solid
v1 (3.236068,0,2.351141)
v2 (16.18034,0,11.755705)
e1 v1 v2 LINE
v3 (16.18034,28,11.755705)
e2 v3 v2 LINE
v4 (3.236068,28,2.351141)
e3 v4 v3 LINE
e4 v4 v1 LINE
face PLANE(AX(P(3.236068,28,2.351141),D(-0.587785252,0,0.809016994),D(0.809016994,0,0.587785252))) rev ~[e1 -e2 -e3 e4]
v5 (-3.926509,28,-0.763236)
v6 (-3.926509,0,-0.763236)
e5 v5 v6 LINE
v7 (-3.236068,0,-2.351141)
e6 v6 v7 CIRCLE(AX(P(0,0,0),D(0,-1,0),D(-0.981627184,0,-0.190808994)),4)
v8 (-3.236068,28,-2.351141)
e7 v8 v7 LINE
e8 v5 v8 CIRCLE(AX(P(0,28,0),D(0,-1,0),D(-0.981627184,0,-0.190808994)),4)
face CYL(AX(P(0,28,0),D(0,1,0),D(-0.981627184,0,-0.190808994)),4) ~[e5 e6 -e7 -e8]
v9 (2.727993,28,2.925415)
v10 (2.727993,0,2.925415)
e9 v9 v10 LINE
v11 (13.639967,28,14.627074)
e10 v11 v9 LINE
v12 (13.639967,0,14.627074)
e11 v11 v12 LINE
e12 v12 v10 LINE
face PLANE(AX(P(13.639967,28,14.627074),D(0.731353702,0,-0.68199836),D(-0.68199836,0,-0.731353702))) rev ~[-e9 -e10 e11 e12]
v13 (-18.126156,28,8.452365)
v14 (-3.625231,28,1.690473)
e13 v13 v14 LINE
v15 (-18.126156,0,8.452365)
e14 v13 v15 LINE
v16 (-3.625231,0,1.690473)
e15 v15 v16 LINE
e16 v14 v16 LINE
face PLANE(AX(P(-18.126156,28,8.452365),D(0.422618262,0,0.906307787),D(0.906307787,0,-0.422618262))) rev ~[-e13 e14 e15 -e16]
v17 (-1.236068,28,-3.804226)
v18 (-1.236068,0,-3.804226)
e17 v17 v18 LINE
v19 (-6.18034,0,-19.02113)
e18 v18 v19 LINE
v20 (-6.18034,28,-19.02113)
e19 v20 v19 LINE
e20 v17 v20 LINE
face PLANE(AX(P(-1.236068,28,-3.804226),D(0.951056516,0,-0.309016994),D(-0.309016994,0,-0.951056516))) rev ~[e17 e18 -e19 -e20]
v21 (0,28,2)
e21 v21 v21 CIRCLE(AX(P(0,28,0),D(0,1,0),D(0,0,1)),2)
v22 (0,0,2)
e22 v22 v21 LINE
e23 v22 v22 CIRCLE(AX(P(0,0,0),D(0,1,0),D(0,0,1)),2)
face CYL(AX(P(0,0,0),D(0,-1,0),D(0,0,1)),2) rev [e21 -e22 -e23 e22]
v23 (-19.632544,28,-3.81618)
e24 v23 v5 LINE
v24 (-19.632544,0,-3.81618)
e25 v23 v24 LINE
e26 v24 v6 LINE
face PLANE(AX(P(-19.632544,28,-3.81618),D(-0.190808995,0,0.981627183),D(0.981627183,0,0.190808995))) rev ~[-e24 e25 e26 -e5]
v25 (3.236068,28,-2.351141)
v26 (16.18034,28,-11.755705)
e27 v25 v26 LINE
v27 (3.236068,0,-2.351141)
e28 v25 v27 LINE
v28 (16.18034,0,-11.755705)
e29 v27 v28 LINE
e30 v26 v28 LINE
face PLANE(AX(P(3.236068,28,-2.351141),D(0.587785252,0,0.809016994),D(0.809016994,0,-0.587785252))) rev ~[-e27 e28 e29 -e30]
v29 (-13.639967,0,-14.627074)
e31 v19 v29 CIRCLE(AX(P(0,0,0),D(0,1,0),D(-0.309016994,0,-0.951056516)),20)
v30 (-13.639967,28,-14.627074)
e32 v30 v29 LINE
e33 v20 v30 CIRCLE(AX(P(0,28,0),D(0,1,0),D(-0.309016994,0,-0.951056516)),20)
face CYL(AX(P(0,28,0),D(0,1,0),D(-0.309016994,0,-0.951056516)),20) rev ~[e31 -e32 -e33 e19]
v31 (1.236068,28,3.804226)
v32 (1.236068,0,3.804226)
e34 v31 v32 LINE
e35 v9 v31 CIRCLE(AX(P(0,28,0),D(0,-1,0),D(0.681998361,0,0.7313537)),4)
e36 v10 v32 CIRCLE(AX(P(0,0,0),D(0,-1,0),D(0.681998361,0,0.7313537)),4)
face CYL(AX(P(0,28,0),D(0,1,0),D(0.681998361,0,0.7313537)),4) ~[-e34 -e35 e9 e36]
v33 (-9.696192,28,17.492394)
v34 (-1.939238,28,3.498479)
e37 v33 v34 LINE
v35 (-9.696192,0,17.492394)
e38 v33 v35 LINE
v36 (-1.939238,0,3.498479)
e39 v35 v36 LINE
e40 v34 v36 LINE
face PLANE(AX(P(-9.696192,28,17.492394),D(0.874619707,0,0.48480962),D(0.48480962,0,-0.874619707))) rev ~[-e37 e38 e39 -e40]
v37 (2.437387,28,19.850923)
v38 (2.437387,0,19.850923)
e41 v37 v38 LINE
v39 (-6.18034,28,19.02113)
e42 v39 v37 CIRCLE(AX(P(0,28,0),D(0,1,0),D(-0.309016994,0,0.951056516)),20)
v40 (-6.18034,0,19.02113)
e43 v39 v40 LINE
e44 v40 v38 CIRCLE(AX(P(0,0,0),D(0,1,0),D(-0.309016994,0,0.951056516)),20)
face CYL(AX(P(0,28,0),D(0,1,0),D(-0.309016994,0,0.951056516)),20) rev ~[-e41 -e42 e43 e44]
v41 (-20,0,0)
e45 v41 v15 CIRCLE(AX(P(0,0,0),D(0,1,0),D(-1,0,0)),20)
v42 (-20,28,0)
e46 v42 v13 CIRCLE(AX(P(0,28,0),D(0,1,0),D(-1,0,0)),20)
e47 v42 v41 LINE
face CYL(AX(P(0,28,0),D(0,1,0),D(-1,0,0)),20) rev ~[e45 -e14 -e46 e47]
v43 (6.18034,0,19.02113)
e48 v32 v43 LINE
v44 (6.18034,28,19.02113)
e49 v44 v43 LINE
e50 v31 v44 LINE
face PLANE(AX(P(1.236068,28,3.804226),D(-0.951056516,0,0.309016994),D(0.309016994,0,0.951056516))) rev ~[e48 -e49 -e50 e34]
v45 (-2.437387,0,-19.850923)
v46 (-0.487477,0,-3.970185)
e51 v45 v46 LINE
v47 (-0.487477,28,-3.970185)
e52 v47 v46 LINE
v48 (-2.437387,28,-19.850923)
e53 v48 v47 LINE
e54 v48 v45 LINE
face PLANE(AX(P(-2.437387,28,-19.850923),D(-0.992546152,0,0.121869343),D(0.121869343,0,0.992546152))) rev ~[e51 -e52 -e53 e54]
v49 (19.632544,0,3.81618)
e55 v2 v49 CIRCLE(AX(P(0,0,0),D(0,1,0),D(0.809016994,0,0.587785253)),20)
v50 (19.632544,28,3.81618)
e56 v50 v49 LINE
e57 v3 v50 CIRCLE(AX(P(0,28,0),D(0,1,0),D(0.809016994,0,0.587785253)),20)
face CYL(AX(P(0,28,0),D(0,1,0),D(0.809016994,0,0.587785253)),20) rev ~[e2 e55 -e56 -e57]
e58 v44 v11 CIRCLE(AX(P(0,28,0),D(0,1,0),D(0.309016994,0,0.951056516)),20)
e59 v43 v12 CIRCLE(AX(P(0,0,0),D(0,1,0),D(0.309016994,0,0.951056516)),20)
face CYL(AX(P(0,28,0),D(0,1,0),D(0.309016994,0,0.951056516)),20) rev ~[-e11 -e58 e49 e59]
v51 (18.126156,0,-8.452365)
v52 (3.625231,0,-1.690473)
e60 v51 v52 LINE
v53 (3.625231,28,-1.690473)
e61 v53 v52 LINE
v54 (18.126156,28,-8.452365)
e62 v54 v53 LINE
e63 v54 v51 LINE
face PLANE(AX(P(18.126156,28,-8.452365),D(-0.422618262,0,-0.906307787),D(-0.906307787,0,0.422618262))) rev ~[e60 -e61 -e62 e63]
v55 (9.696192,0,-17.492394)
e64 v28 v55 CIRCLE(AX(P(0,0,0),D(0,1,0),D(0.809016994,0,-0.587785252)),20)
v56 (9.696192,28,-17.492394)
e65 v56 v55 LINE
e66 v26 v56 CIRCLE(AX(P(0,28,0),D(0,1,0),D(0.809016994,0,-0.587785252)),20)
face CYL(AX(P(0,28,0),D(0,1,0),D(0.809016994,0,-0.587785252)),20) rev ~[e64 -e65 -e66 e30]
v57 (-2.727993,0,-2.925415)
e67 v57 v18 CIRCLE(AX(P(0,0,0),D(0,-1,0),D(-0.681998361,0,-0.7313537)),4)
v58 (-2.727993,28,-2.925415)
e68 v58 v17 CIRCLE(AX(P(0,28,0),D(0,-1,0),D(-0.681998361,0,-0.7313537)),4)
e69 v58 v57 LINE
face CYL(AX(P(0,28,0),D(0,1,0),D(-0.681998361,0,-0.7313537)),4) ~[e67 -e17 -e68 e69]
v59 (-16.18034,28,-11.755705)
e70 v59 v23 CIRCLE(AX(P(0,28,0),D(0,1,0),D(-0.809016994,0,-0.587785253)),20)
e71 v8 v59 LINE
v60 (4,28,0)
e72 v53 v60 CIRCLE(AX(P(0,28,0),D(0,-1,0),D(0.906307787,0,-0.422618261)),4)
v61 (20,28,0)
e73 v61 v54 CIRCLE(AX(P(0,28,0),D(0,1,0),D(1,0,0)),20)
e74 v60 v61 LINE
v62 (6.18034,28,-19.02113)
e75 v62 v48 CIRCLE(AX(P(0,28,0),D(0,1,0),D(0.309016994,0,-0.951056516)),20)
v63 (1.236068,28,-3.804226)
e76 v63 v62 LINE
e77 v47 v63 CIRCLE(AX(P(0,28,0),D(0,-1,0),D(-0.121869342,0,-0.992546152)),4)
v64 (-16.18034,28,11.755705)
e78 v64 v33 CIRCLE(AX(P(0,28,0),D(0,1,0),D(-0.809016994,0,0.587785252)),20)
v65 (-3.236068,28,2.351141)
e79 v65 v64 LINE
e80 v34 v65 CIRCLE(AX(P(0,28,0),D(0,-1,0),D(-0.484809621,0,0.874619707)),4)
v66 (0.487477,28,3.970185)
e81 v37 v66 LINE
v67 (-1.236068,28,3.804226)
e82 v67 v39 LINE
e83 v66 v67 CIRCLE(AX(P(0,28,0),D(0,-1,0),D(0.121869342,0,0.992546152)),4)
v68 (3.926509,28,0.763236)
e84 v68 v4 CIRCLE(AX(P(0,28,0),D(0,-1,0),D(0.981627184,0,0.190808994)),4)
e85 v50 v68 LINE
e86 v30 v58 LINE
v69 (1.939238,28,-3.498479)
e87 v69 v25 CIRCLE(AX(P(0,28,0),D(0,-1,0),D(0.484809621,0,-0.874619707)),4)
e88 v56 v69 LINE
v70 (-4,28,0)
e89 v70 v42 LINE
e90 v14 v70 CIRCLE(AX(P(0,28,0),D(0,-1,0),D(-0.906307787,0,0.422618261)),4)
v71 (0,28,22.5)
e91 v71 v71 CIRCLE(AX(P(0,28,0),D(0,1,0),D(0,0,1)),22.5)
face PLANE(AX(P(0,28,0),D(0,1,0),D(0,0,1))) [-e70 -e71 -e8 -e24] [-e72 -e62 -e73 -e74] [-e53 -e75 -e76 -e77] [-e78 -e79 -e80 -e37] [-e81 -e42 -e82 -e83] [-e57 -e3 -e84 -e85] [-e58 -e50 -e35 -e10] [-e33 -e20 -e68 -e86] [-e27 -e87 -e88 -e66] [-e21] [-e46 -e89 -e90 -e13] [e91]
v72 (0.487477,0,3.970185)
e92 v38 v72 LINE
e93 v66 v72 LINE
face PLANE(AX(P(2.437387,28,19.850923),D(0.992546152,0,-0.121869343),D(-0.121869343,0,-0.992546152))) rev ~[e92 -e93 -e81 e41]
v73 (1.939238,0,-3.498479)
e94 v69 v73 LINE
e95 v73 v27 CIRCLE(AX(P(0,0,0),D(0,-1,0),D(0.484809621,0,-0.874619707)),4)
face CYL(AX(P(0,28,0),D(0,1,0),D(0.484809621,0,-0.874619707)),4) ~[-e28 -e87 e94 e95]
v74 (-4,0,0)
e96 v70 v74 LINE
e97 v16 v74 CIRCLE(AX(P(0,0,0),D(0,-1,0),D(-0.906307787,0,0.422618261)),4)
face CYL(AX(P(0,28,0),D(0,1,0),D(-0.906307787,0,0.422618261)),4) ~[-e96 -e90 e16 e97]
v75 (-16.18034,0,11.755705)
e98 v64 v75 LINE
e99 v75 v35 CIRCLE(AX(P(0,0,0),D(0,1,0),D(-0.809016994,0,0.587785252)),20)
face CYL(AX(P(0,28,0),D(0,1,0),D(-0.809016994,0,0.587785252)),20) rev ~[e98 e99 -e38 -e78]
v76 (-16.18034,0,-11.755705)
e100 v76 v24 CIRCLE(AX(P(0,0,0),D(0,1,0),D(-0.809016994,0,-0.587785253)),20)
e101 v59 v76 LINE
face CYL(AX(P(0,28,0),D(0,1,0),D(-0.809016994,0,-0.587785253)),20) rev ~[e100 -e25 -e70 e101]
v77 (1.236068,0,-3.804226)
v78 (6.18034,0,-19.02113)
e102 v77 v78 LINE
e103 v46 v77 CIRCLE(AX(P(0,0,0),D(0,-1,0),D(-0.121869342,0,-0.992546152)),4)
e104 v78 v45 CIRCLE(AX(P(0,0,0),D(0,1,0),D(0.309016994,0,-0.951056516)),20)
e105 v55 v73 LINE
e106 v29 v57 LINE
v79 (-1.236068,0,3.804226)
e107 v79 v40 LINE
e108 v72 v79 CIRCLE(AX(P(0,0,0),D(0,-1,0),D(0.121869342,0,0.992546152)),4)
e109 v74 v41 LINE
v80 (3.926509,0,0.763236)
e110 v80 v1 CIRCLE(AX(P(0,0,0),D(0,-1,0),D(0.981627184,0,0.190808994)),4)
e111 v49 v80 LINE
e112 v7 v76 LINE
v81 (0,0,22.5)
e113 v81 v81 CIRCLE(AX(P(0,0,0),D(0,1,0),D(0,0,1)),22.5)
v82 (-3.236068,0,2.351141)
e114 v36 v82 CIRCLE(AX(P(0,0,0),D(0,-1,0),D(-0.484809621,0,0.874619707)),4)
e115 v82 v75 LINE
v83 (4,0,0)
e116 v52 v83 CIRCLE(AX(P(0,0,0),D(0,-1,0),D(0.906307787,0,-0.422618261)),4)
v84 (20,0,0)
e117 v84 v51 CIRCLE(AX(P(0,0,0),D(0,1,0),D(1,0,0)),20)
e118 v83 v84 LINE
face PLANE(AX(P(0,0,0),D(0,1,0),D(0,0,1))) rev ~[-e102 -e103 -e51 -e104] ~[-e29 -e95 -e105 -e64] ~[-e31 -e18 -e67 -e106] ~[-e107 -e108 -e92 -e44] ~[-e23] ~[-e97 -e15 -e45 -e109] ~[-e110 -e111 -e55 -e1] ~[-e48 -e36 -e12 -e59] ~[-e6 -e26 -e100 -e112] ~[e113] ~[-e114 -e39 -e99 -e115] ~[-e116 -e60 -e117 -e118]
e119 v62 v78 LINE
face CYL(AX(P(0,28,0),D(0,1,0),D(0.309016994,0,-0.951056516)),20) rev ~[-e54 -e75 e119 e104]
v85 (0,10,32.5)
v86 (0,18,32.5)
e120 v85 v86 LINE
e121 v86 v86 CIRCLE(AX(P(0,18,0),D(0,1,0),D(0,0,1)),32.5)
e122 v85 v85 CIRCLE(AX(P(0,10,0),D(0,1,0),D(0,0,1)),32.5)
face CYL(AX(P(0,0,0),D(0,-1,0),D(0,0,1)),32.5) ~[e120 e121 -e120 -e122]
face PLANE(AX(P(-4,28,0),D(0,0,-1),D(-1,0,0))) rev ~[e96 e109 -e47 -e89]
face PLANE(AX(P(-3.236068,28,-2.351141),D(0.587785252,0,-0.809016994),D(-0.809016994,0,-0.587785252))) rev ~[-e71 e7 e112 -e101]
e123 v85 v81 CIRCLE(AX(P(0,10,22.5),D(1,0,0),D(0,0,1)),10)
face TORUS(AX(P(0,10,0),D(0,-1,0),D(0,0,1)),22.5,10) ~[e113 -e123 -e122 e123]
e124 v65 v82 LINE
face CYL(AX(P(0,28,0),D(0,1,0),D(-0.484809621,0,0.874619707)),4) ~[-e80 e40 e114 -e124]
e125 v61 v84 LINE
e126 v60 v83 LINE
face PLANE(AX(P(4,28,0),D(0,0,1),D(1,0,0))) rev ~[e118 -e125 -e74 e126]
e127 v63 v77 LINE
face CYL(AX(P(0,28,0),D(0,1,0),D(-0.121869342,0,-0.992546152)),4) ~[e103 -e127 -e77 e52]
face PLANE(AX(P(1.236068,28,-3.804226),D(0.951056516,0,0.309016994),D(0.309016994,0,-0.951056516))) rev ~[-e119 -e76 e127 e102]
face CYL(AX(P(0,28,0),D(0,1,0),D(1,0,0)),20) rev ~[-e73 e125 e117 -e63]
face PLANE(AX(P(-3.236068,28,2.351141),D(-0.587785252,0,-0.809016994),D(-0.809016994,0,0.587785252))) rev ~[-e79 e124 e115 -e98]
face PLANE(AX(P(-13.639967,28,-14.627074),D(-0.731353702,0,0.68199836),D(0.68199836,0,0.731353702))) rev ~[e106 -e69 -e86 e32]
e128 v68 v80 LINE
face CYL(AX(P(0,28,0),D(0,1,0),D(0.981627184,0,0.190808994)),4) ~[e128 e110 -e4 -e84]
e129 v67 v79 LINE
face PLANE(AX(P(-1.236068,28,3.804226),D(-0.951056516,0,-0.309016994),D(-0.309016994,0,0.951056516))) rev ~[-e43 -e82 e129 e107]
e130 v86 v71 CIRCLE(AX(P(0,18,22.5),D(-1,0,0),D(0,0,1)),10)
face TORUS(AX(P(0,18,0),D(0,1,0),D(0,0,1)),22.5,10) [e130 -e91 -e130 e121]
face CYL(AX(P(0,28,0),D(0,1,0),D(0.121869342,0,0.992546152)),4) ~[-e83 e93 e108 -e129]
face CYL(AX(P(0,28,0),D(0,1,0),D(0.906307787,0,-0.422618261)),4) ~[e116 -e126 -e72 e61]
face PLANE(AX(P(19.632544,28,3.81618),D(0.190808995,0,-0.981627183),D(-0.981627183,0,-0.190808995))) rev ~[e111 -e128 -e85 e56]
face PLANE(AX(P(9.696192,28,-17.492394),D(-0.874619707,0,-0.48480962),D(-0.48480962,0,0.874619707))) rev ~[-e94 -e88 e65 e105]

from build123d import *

# Parameters (mm, degrees)
SKETCH1_R           = 32.5
SKETCH1_R_2         = 2
BOSS_EXTRUDE1_DEPTH = 28
FILLET1_R           = 10
CUT_EXTRUDE2_DEPTH  = 28


with BuildPart() as part:
    # Sketch1 → Boss-Extrude1 (new body)
    with BuildSketch(Plane(origin=(0, 0, 0), x_dir=(1, 0, 0), z_dir=(0, 1, 0))):
        with Locations(Location((0, 0, 0), (0, 0, 270))):
            Circle(SKETCH1_R)
        with Locations(Location((0, 0, 0), (0, 0, 270))):
            Circle(SKETCH1_R_2, mode=Mode.SUBTRACT)
    extrude(amount=BOSS_EXTRUDE1_DEPTH)

    # Fillet1
    fillet1_edges = [part.edges().sort_by_distance(p)[0] for p in [
        (0, 0, -32.5),
        (0, 28, -32.5),
    ]]
    fillet(fillet1_edges, radius=FILLET1_R)

    # Sketch2 → Cut-Extrude2 (cut)
    with BuildSketch(Plane(origin=(0, 28, 0), x_dir=(1, 0, 0), z_dir=(0, 1, 0))):
        with BuildLine():
            ThreePointArc((-2.72799344, 2.925414806), (-2.030153452, 3.446516642), (-1.236067977, 3.804226065))
            Line((-1.236067977, 3.804226065), (-6.180339887, 19.021130326))
            ThreePointArc((-6.180339887, 19.021130326), (-10.150767259, 17.232583209), (-13.639967201, 14.627074032))
            Line((-13.639967201, 14.627074032), (-2.72799344, 2.925414806))
        make_face()
        with BuildLine():
            ThreePointArc((2.72799344, -2.925414806), (2.030153452, -3.446516642), (1.236067977, -3.804226065))
            Line((1.236067977, -3.804226065), (6.180339887, -19.021130326))
            ThreePointArc((6.180339887, -19.021130326), (10.150767259, -17.232583209), (13.639967201, -14.627074032))
            Line((13.639967201, -14.627074032), (2.72799344, -2.925414806))
        make_face()
        with BuildLine():
            ThreePointArc((0.487477374, -3.970184607), (-0.38338301, -3.981584793), (-1.236067977, -3.804226065))
            Line((-1.236067977, -3.804226065), (-6.180339887, -19.021130326))
            ThreePointArc((-6.180339887, -19.021130326), (-1.91691505, -19.907923967), (2.437386868, -19.850923033))
            Line((2.437386868, -19.850923033), (0.487477374, -3.970184607))
        make_face()
        with BuildLine():
            ThreePointArc((-0.487477374, 3.970184607), (0.38338301, 3.981584793), (1.236067977, 3.804226065))
            Line((1.236067977, 3.804226065), (6.180339887, 19.021130326))
            ThreePointArc((6.180339887, 19.021130326), (1.91691505, 19.907923967), (-2.437386868, 19.850923033))
            Line((-2.437386868, 19.850923033), (-0.487477374, 3.970184607))
        make_face()
        with BuildLine():
            ThreePointArc((1.939238481, 3.498478829), (2.650480193, 2.995822883), (3.236067977, 2.351141009))
            Line((3.236067977, 2.351141009), (16.180339887, 11.755705046))
            ThreePointArc((16.180339887, 11.755705046), (13.252400964, 14.979114416), (9.696192405, 17.492394143))
            Line((9.696192405, 17.492394143), (1.939238481, 3.498478829))
        make_face()
        with BuildLine():
            ThreePointArc((-1.939238481, -3.498478829), (-2.650480193, -2.995822883), (-3.236067977, -2.351141009))
            Line((-3.236067977, -2.351141009), (-16.180339887, -11.755705046))
            ThreePointArc((-16.180339887, -11.755705046), (-13.252400964, -14.979114416), (-9.696192405, -17.492394143))
            Line((-9.696192405, -17.492394143), (-1.939238481, -3.498478829))
        make_face()
        with BuildLine():
            ThreePointArc((3.625231148, 1.690473047), (3.905184028, 0.865758456), (4, 0))
            Line((4, 0), (20, 0))
            ThreePointArc((20, 0), (19.525920142, 4.328792279), (18.126155741, 8.452365235))
            Line((18.126155741, 8.452365235), (3.625231148, 1.690473047))
        make_face()
        with BuildLine():
            ThreePointArc((-3.625231148, -1.690473047), (-3.905184028, -0.865758456), (-4, 0))
            Line((-4, 0), (-20, 0))
            ThreePointArc((-20, 0), (-19.525920142, -4.328792279), (-18.126155741, -8.452365235))
            Line((-18.126155741, -8.452365235), (-3.625231148, -1.690473047))
        make_face()
        with BuildLine():
            Line((19.632543669, -3.816179908), (3.926508734, -0.763235982))
            ThreePointArc((3.926508734, -0.763235982), (3.668240298, -1.594996276), (3.236067977, -2.351141009))
            Line((3.236067977, -2.351141009), (16.180339887, -11.755705046))
            ThreePointArc((16.180339887, -11.755705046), (18.341201488, -7.974981379), (19.632543669, -3.816179908))
        make_face()
        with BuildLine():
            ThreePointArc((-3.926508734, 0.763235982), (-3.668240298, 1.594996276), (-3.236067977, 2.351141009))
            Line((-3.236067977, 2.351141009), (-16.180339887, 11.755705046))
            ThreePointArc((-16.180339887, 11.755705046), (-18.341201488, 7.974981379), (-19.632543669, 3.816179908))
            Line((-19.632543669, 3.816179908), (-3.926508734, 0.763235982))
        make_face()
    extrude(amount=-CUT_EXTRUDE2_DEPTH, mode=Mode.SUBTRACT)


solid = part.part
